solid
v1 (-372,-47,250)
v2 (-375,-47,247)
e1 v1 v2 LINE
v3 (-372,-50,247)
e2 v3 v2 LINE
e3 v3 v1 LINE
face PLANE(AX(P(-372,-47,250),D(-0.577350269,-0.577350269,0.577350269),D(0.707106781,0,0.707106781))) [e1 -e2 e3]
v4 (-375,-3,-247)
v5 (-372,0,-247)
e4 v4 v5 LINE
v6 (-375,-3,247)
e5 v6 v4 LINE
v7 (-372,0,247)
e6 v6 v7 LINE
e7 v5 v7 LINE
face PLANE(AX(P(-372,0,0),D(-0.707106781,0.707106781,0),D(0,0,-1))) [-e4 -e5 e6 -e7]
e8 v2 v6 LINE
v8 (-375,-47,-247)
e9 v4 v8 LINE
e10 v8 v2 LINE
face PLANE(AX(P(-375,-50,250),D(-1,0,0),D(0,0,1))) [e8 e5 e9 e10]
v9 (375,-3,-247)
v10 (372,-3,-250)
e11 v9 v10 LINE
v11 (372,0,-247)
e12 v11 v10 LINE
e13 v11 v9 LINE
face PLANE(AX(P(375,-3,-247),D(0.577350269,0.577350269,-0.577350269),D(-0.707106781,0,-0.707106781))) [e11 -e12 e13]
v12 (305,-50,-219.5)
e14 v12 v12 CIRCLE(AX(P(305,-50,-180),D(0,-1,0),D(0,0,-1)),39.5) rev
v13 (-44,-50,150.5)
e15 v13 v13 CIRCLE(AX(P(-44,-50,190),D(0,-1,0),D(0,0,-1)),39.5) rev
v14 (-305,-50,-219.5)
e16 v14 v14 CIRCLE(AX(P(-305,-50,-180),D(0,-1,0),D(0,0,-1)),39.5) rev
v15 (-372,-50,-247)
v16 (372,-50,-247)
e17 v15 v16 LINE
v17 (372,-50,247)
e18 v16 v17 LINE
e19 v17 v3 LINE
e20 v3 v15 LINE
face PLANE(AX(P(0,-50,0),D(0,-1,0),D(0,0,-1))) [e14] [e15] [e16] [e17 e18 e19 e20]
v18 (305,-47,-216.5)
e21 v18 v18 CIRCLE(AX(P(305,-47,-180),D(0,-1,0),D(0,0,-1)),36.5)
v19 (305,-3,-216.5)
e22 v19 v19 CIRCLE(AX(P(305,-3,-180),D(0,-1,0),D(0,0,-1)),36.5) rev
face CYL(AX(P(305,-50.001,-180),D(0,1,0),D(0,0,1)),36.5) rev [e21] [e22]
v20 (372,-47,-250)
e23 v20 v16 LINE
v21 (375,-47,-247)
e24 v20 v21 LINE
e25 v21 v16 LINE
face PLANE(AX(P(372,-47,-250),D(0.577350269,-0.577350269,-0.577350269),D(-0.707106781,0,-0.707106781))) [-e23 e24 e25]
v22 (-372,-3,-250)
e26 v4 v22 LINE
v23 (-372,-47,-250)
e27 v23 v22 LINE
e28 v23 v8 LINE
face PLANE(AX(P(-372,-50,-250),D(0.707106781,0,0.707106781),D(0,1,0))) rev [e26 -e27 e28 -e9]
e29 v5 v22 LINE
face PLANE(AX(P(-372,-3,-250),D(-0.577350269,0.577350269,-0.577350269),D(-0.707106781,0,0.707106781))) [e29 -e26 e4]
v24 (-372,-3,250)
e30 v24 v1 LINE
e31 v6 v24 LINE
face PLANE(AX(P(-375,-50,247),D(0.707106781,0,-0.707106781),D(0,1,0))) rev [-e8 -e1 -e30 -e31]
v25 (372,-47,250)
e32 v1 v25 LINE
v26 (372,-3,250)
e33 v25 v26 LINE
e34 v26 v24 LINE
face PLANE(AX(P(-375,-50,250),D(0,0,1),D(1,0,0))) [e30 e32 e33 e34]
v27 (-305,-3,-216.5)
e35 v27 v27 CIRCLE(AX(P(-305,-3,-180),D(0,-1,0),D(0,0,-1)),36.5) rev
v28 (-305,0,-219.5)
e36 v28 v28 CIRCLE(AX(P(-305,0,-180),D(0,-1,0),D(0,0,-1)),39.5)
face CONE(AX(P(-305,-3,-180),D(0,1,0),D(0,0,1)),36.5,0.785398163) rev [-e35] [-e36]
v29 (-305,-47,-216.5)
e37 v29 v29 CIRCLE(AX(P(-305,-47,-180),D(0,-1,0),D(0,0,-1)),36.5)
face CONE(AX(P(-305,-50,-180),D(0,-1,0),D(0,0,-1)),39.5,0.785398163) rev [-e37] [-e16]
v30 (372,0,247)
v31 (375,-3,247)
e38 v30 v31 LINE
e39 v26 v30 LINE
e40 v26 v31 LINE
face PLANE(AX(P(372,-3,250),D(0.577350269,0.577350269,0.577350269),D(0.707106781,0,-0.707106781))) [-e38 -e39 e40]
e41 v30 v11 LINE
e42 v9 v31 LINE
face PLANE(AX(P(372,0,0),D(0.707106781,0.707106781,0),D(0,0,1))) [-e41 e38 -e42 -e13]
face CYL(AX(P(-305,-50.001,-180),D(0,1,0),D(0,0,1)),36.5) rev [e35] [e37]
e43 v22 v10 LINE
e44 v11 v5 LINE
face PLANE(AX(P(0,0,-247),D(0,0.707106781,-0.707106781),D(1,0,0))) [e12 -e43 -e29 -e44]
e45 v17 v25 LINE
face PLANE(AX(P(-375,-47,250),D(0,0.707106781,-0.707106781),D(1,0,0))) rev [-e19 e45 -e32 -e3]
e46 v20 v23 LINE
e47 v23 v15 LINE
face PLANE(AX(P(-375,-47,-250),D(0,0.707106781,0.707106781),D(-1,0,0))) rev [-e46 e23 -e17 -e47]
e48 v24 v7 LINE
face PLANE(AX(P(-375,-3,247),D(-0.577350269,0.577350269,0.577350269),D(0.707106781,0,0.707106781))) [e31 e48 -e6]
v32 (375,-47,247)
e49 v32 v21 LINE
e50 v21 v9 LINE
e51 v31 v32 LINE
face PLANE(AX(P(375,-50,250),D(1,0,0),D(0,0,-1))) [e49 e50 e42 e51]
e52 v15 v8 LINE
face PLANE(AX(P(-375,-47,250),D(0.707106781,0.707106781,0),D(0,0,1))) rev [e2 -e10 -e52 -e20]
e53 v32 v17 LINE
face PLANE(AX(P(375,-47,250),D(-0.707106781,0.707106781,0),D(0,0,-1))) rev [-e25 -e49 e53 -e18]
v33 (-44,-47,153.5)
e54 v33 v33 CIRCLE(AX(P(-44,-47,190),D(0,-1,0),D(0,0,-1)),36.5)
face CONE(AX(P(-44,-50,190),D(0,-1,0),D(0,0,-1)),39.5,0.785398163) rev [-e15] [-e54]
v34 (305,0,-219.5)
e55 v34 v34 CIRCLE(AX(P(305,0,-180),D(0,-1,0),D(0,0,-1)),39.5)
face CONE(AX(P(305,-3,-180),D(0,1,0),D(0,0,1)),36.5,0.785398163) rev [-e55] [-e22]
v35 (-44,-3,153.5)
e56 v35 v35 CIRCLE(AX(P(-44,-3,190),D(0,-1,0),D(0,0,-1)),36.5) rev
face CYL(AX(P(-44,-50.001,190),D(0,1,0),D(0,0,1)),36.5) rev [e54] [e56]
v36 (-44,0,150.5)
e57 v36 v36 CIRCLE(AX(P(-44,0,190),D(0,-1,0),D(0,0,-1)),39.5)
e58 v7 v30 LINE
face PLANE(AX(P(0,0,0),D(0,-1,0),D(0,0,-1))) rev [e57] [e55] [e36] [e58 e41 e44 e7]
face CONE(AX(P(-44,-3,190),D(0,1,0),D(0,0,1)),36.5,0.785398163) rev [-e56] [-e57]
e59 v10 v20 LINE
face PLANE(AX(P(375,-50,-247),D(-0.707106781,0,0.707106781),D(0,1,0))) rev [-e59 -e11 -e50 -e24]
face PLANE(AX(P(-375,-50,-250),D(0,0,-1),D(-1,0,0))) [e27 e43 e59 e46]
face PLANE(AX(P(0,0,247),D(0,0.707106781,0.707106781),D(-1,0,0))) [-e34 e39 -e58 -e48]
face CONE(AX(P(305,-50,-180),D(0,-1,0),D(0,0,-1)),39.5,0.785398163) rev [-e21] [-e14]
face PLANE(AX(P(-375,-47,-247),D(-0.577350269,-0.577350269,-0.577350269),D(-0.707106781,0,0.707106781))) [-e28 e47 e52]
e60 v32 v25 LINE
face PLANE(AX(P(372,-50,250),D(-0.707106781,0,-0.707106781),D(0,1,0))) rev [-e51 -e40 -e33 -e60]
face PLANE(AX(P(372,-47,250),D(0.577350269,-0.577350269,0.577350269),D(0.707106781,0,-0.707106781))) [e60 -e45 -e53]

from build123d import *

# Parameters (mm, degrees)
SKETCH1_W           = 750
SKETCH1_H           = 500
BOSS_EXTRUDE1_DEPTH = 50
CUT_EXTRUDE1_REACH  = 455.459
SKETCH2_R           = 36.5
CHAMFER1_SIZE       = 3
CHAMFER2_SIZE       = 3


with BuildPart() as part:
    # Sketch1 → Boss-Extrude1 (new body)
    with BuildSketch(Plane(origin=(0, 0, 0), x_dir=(1, 0, 0), z_dir=(0, 1, 0))):
        Rectangle(SKETCH1_W, SKETCH1_H)
    extrude(amount=-BOSS_EXTRUDE1_DEPTH)

    # Sketch2 → Cut-Extrude1 (cut, up to next)
    with BuildSketch(Plane(origin=(0, 0, 0), x_dir=(1, 0, 0), z_dir=(0, 1, 0)), mode=Mode.PRIVATE) as cut_extrude1_sk1:
        with Locations(Location((-305, 180, 0), (0, 0, 270))):
            Circle(SKETCH2_R)
    cut_extrude1_tool1 = extrude(cut_extrude1_sk1.sketch, amount=-CUT_EXTRUDE1_REACH, mode=Mode.PRIVATE) & part.part
    # Sketch2 → Cut-Extrude1 (cut, up to next)
    with BuildSketch(Plane(origin=(0, 0, 0), x_dir=(1, 0, 0), z_dir=(0, 1, 0)), mode=Mode.PRIVATE) as cut_extrude1_sk2:
        with Locations(Location((305, 180, 0), (0, 0, 270))):
            Circle(SKETCH2_R)
    cut_extrude1_tool2 = extrude(cut_extrude1_sk2.sketch, amount=-CUT_EXTRUDE1_REACH, mode=Mode.PRIVATE) & part.part
    # Sketch2 → Cut-Extrude1 (cut, up to next)
    with BuildSketch(Plane(origin=(0, 0, 0), x_dir=(1, 0, 0), z_dir=(0, 1, 0)), mode=Mode.PRIVATE) as cut_extrude1_sk3:
        with Locations(Location((-44, -190, 0), (0, 0, 270))):
            Circle(SKETCH2_R)
    cut_extrude1_tool3 = extrude(cut_extrude1_sk3.sketch, amount=-CUT_EXTRUDE1_REACH, mode=Mode.PRIVATE) & part.part
    add(cut_extrude1_tool1.solids().sort_by_distance((-305, 0, -180))[0], mode=Mode.SUBTRACT)
    add(cut_extrude1_tool2.solids().sort_by_distance((305, 0, -180))[0], mode=Mode.SUBTRACT)
    add(cut_extrude1_tool3.solids().sort_by_distance((-44, 0, 190))[0], mode=Mode.SUBTRACT)

    # Chamfer1
    chamfer1_edges = [part.edges().sort_by_distance(p)[0] for p in [
        (-305, -50, -216.5),
        (-305, 0, -216.5),
        (305, -50, -216.5),
        (305, 0, -216.5),
        (-44, -50, 153.5),
        (-44, 0, 153.5),
    ]]
    chamfer(chamfer1_edges, length=CHAMFER1_SIZE)

    # Chamfer2
    chamfer2_edges = [part.edges().sort_by_distance(p)[0] for p in [
        (-375, -50, 0),
        (0, -50, 250),
        (375, -50, 0),
        (0, 0, 250),
        (-375, 0, 0),
        (0, 0, -250),
        (375, 0, 0),
        (375, -25, 250),
        (-375, -25, 250),
        (-375, -25, -250),
        (375, -25, -250),
        (0, -50, -250),
    ]]
    chamfer(chamfer2_edges, length=CHAMFER2_SIZE)


solid = part.part
